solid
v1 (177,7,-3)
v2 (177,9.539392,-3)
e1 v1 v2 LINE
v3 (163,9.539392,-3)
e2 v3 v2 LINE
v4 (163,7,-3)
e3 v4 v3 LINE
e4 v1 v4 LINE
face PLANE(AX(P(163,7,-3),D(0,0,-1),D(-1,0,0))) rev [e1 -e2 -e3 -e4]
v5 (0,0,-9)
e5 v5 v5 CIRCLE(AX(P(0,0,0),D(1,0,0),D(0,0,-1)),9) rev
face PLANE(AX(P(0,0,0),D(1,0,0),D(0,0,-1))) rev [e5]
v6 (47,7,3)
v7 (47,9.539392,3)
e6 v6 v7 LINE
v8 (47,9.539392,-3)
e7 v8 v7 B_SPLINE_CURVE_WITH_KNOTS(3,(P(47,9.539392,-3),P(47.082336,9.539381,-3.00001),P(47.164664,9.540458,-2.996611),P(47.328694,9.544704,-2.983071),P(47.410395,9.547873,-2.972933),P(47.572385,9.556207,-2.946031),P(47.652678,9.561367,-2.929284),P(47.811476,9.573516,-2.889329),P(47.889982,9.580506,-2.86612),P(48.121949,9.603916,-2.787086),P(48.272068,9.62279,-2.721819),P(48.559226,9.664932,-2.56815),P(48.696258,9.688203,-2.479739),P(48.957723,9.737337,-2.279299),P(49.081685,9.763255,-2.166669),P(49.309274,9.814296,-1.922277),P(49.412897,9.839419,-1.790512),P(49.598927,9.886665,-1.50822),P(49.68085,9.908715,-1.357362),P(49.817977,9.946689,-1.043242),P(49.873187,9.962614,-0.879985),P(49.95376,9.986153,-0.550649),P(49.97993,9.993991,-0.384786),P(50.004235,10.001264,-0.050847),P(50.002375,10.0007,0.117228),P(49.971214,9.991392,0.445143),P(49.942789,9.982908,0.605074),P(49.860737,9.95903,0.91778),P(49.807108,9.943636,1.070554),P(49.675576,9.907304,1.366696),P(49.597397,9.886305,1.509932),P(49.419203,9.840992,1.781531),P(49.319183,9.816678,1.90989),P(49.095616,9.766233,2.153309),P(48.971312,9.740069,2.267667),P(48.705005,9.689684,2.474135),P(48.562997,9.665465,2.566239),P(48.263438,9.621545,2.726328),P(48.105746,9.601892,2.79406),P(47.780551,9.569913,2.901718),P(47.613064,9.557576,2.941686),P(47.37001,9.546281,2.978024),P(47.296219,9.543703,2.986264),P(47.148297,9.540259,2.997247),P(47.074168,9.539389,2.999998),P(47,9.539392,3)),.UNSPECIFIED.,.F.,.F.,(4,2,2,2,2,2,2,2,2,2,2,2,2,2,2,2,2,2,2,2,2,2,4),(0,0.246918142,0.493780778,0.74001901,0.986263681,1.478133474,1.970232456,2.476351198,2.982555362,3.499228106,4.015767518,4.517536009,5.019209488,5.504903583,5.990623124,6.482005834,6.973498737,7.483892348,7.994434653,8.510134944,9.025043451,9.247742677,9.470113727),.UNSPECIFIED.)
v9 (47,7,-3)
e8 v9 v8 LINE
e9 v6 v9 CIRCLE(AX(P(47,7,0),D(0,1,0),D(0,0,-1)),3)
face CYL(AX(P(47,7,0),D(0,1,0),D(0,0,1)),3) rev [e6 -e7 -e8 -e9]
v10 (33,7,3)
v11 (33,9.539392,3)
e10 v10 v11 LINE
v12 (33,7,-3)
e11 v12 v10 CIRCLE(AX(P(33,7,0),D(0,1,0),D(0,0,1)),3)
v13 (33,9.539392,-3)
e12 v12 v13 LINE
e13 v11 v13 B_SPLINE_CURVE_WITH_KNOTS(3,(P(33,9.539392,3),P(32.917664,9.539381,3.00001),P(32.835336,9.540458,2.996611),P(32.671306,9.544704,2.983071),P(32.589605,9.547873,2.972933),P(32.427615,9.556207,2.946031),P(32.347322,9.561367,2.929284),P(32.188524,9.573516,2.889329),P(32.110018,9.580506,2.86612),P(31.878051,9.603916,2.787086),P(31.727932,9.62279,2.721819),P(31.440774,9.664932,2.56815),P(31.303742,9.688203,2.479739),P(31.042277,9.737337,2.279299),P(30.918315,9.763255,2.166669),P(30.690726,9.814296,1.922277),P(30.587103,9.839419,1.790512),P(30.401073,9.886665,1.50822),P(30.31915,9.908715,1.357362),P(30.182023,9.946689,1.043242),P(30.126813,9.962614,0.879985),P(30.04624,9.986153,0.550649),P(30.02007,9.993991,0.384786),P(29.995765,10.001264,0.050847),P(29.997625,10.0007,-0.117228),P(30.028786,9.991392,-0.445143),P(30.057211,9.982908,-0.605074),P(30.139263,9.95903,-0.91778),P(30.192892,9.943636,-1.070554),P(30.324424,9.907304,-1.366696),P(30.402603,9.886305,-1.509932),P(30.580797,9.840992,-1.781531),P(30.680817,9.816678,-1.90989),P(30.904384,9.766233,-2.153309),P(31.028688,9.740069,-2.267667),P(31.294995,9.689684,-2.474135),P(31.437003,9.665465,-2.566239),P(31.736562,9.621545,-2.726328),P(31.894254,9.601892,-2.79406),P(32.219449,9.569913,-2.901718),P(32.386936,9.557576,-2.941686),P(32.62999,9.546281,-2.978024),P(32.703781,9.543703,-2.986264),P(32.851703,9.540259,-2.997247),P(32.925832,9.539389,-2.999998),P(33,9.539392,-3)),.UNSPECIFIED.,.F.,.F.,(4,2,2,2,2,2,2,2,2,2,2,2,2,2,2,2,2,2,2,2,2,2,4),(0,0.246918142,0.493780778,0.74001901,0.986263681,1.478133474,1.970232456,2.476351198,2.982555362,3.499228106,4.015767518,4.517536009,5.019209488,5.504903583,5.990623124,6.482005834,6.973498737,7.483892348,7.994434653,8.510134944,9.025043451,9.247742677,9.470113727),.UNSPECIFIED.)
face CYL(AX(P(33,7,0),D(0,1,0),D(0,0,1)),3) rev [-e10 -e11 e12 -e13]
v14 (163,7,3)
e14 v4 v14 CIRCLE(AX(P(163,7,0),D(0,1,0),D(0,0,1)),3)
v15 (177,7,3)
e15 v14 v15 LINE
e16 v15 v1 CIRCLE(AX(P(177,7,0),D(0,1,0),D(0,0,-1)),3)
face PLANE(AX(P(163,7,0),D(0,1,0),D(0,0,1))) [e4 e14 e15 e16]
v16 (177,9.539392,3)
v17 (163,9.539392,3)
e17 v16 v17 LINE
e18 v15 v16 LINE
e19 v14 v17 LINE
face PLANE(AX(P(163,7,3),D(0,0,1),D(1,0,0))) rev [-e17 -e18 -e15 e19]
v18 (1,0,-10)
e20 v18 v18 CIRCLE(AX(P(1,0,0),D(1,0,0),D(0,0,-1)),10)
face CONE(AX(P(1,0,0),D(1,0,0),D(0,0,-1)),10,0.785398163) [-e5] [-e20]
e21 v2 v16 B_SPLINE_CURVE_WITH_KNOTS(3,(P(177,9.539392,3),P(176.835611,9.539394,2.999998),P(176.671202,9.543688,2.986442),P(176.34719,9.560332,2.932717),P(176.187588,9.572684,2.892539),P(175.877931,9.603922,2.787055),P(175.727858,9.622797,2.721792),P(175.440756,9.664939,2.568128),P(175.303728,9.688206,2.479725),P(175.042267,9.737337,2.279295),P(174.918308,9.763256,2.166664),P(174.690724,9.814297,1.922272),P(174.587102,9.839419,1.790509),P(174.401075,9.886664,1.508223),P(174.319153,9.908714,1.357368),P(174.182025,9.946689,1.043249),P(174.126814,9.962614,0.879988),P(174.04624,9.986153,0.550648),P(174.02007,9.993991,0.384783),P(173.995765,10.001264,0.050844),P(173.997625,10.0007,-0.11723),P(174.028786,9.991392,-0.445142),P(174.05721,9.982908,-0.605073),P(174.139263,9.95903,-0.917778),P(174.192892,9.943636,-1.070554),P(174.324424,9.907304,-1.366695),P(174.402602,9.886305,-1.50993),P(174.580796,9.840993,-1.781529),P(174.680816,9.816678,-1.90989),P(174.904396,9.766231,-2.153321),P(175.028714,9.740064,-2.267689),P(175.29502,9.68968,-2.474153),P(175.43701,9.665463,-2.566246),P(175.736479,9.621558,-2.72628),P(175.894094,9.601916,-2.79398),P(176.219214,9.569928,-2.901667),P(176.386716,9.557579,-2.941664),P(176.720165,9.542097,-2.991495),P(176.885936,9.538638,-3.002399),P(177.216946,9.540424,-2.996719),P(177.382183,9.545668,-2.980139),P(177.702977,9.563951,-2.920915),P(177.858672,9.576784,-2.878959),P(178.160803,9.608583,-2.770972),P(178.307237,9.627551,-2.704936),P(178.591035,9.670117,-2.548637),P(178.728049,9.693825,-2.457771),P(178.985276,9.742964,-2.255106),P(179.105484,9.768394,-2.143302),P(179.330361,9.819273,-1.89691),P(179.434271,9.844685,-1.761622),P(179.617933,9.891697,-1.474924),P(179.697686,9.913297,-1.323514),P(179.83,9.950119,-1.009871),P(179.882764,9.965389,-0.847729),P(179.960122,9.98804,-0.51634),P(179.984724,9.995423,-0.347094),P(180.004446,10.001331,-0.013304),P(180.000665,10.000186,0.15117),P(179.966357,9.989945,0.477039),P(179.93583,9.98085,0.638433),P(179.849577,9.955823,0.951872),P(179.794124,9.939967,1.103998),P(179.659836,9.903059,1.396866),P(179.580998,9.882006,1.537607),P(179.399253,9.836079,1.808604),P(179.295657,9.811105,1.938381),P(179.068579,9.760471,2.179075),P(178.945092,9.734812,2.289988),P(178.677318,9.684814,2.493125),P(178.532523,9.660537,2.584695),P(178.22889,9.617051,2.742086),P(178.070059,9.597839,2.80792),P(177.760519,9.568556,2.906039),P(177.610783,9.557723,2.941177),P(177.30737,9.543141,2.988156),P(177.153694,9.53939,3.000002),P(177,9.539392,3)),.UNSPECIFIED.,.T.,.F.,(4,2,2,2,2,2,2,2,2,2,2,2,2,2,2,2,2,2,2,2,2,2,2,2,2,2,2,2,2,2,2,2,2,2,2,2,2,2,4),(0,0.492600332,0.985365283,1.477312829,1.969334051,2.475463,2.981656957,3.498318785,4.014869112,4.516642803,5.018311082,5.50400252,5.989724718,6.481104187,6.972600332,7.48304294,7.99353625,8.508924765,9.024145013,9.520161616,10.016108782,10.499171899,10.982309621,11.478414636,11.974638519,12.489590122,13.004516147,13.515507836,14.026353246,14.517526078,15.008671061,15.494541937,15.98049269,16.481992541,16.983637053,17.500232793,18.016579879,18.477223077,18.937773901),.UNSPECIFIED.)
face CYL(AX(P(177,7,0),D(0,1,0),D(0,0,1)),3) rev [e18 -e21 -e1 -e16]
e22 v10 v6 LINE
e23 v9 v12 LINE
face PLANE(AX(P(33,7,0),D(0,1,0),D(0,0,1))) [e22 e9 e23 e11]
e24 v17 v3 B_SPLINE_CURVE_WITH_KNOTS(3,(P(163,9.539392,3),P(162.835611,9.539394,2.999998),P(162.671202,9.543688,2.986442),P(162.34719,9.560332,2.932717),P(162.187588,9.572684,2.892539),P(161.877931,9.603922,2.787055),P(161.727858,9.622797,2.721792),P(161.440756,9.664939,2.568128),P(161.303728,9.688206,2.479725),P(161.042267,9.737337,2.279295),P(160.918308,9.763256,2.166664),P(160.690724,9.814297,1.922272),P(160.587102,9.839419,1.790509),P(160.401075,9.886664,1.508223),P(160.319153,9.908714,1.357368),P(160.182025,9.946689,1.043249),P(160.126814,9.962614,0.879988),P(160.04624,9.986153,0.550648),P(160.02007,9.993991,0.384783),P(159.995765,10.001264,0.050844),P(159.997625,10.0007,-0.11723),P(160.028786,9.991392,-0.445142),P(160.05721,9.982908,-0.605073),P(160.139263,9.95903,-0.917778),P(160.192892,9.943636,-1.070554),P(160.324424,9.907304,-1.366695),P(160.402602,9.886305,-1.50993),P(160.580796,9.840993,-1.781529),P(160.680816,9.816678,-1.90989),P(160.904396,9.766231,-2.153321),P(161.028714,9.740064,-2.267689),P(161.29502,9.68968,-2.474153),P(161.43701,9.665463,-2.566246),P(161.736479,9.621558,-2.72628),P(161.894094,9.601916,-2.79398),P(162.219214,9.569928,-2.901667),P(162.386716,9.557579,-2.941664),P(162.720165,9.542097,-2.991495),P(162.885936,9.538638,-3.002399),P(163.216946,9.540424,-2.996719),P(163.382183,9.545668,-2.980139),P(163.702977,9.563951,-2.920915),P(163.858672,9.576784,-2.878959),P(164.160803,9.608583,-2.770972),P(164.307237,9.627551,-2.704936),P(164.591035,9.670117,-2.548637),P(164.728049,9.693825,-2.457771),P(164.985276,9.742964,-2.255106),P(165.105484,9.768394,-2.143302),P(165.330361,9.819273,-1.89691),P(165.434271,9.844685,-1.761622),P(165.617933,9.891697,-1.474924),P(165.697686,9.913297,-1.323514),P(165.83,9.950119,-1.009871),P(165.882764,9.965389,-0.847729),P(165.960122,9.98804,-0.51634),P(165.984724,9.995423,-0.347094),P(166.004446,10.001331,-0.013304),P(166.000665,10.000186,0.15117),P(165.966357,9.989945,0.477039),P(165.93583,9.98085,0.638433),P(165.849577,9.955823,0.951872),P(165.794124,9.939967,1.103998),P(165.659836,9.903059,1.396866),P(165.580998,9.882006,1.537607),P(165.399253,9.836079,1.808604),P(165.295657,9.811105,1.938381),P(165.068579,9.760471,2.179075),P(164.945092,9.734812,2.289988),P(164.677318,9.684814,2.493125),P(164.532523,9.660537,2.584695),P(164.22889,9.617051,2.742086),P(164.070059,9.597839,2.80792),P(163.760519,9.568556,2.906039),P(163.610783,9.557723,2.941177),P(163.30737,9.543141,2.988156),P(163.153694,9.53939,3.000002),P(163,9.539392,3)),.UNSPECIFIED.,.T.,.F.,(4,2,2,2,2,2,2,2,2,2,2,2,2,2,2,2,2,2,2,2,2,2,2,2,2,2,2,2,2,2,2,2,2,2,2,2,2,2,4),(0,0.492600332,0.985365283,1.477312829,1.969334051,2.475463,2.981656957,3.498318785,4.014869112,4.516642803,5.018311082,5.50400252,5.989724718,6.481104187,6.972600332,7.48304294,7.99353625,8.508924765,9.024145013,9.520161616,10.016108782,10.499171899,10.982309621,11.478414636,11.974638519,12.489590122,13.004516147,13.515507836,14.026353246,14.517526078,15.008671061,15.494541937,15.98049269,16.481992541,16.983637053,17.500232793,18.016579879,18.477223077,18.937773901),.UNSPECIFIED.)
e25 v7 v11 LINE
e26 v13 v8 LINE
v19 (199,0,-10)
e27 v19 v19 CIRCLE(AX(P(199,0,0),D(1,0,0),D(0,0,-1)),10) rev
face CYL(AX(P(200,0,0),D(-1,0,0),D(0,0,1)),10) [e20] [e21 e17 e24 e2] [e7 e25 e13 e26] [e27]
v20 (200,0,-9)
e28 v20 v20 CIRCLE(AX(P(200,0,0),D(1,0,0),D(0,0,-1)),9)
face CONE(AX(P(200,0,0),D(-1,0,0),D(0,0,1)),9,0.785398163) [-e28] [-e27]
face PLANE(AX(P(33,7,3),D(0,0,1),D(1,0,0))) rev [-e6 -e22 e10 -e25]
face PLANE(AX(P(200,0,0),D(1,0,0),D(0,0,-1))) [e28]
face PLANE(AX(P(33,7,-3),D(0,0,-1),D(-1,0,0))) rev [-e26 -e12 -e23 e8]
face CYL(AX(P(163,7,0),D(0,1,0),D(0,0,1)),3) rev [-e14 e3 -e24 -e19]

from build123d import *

# Parameters (mm, degrees)
SKETCH_1_R             = 10
EXTRUDE_1_DEPTH        = 200
CUT_EXTRUDE_1_DEPTH    = 3
CHAMFER_1_SIZE         = 1
PATTERN_LINEAR_1_COUNT = 3
PATTERN_LINEAR_1_PITCH = 130
CHAMFER_2_SIZE         = 1


with BuildPart() as part:
    # 草图1 → 凸台-拉伸1 (new body)
    with BuildSketch(Plane(origin=(0, 0, 0), x_dir=(0, 0, -1), z_dir=(1, 0, 0))):
        Circle(SKETCH_1_R)
    extrude(amount=EXTRUDE_1_DEPTH)

    # 草图2 → 切除-拉伸1 (cut)
    with BuildSketch(Plane(origin=(0, 10, 0), x_dir=(1, 0, 0), z_dir=(0, 1, 0))):
        with BuildLine():
            Line((33, 3), (47, 3))
            ThreePointArc((47, 3), (50, 0), (47, -3))
            Line((47, -3), (33, -3))
            ThreePointArc((33, -3), (30, 0), (33, 3))
        make_face()
    cut_extrude_1 = extrude(amount=-CUT_EXTRUDE_1_DEPTH, mode=Mode.SUBTRACT)

    # 倒角1
    chamfer_1_edges = [part.edges().sort_by_distance(p)[0] for p in [
        (0, 0, 10),
    ]]
    chamfer(chamfer_1_edges, length=CHAMFER_1_SIZE)

    # 阵列(线性)1: 切除-拉伸1 ×3
    with Locations(*[(i * PATTERN_LINEAR_1_PITCH, 0, 0) for i in range(1, PATTERN_LINEAR_1_COUNT)]):
        add(cut_extrude_1, mode=Mode.SUBTRACT)

    # 倒角2
    chamfer_2_edges = [part.edges().sort_by_distance(p)[0] for p in [
        (200, 0, 10),
    ]]
    chamfer(chamfer_2_edges, length=CHAMFER_2_SIZE)


solid = part.part
